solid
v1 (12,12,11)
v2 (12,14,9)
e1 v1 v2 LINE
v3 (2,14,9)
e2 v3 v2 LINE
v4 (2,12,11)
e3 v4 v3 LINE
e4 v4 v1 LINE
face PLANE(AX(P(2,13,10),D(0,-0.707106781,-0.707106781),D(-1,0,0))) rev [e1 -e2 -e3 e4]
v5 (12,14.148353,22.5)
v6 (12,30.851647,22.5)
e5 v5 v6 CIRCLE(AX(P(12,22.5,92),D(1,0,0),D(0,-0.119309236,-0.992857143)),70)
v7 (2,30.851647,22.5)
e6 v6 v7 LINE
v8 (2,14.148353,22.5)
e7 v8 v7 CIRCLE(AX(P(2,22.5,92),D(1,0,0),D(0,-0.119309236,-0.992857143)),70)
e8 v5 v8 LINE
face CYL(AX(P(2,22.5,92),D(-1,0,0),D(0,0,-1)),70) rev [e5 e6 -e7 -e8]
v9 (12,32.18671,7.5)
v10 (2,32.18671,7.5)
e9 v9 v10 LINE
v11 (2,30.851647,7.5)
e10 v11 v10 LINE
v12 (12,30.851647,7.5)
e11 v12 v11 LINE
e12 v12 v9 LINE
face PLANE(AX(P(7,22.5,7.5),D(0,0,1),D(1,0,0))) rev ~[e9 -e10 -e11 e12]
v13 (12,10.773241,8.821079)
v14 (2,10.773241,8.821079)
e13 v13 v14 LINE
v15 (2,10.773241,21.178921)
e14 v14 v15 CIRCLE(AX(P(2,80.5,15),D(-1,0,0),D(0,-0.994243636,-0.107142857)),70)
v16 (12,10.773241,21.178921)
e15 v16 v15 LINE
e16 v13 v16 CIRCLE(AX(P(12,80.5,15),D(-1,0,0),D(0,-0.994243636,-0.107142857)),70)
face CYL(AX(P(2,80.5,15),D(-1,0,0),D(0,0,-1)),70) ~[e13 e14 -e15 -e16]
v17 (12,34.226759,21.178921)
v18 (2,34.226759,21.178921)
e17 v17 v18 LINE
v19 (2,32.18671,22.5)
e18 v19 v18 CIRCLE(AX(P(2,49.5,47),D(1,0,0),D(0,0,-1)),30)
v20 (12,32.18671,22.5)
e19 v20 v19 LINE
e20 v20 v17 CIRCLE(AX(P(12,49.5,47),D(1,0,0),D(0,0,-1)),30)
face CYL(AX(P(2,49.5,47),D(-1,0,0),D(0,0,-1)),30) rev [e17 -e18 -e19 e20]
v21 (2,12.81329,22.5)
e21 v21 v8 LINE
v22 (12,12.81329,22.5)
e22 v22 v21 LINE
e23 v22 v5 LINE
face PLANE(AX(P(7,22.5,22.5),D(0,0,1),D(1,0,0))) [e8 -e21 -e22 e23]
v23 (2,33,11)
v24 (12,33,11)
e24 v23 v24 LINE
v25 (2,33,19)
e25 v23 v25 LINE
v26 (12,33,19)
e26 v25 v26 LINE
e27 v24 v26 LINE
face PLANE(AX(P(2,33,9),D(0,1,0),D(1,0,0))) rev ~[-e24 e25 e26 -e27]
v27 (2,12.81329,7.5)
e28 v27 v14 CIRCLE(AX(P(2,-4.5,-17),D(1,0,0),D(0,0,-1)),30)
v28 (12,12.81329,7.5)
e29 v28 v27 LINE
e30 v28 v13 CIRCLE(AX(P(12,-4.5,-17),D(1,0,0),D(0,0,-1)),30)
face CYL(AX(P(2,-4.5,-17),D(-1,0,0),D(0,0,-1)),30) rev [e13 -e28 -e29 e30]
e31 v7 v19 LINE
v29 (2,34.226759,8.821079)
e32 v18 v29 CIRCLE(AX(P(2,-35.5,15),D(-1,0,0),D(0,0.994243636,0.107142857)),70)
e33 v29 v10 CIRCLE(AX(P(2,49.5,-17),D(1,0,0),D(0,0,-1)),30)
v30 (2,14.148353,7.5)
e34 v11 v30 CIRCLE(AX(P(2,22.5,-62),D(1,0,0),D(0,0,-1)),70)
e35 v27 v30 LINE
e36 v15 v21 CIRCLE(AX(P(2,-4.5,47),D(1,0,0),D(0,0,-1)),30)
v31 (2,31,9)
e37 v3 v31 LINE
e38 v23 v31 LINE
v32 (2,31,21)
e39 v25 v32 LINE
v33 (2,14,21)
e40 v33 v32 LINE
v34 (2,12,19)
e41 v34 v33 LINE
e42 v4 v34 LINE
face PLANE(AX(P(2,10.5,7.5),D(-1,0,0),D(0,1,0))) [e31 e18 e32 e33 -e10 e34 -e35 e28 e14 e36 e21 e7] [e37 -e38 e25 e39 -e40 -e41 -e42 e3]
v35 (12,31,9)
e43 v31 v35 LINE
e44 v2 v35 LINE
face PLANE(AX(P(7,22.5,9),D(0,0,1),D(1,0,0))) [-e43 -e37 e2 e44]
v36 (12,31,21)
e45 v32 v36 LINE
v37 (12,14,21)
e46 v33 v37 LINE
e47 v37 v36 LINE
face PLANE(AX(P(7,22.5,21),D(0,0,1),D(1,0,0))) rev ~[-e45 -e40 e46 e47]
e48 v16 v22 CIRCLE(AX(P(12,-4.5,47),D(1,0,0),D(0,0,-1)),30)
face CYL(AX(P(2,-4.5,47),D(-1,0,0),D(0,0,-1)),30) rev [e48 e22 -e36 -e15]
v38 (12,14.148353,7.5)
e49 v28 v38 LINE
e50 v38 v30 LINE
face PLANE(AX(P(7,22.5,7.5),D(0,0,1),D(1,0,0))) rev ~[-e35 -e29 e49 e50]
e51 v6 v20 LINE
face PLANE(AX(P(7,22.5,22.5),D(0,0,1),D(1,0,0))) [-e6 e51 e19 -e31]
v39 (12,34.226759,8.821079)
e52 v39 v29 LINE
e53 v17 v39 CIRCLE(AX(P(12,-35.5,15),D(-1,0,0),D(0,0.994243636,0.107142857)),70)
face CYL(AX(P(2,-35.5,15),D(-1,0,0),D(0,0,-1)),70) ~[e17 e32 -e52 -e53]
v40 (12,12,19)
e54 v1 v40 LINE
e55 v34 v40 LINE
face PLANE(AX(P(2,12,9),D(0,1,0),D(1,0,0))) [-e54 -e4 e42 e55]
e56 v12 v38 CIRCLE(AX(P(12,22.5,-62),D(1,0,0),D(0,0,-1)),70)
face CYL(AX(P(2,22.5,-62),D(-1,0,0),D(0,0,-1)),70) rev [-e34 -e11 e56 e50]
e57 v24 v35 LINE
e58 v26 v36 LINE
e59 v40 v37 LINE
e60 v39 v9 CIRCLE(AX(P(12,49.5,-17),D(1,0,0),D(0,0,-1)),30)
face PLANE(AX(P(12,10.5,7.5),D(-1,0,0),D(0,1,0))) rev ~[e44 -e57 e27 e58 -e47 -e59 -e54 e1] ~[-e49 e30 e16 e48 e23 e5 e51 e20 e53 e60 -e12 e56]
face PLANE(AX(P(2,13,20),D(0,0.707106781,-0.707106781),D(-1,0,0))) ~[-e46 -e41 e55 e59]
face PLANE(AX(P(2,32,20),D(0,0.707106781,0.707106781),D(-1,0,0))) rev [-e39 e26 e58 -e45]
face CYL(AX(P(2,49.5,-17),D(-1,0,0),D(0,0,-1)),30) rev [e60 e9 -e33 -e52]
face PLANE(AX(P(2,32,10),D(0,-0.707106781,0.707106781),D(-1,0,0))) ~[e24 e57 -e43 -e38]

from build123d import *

# Parameters (mm, degrees)
BOX010_W          = 10
BOX010_H          = 21
BOX010_DEPTH      = 12
CHAMFER_SIZE      = 2
CYLINDER040_R     = 30
CYLINDER040_DEPTH = 10
CYLINDER039_R     = 30
CYLINDER039_DEPTH = 10
CYLINDER038_R     = 30
CYLINDER038_DEPTH = 10
CYLINDER036_R     = 30
CYLINDER036_DEPTH = 10
CYLINDER037_R     = 70
CYLINDER037_DEPTH = 10
CYLINDER035_R     = 70
CYLINDER035_DEPTH = 10
CYLINDER034_R     = 70
CYLINDER034_DEPTH = 10
CYLINDER033_R     = 70
CYLINDER033_DEPTH = 10
BOX009_W          = 10
BOX009_H          = 24
BOX009_DEPTH      = 15


with BuildPart() as chamfer_body:
    # Box010 → Box010 (new body)
    with BuildSketch(Plane(origin=(2, 12, 9), x_dir=(1, 0, 0), z_dir=(0, 0, 1))):
        with Locations((5, 10.5)):
            Rectangle(BOX010_W, BOX010_H)
    extrude(amount=BOX010_DEPTH)

    # Chamfer
    chamfer_edges = [chamfer_body.edges().sort_by_distance(p)[0] for p in [
        (7, 12, 9),
        (7, 12, 21),
        (7, 33, 9),
        (7, 33, 21),
    ]]
    chamfer(chamfer_edges, length=CHAMFER_SIZE)


with BuildPart() as cylinder040:
    # Cylinder040 → Cylinder040 (new body)
    with BuildSketch(Plane(origin=(22, -27, 39.5), x_dir=(0, 0, -1), z_dir=(1, 0, 0))):
        Circle(CYLINDER040_R)
    extrude(amount=CYLINDER040_DEPTH)


with BuildPart() as cylinder039:
    # Cylinder039 → Cylinder039 (new body)
    with BuildSketch(Plane(origin=(22, -27, -24.5), x_dir=(0, 0, -1), z_dir=(1, 0, 0))):
        Circle(CYLINDER039_R)
    extrude(amount=CYLINDER039_DEPTH)


with BuildPart() as cylinder038:
    # Cylinder038 → Cylinder038 (new body)
    with BuildSketch(Plane(origin=(22, 27, -24.5), x_dir=(0, 0, -1), z_dir=(1, 0, 0))):
        Circle(CYLINDER038_R)
    extrude(amount=CYLINDER038_DEPTH)


with BuildPart() as cylinder036:
    # Cylinder036 → Cylinder036 (new body)
    with BuildSketch(Plane(origin=(22, 27, 39.5), x_dir=(0, 0, -1), z_dir=(1, 0, 0))):
        Circle(CYLINDER036_R)
    extrude(amount=CYLINDER036_DEPTH)


with BuildPart() as cylinder037:
    # Cylinder037 → Cylinder037 (new body)
    with BuildSketch(Plane(origin=(22, -58, 7.5), x_dir=(0, 0, -1), z_dir=(1, 0, 0))):
        Circle(CYLINDER037_R)
    extrude(amount=CYLINDER037_DEPTH)


with BuildPart() as cylinder035:
    # Cylinder035 → Cylinder035 (new body)
    with BuildSketch(Plane(origin=(22, 58, 7.5), x_dir=(0, 0, -1), z_dir=(1, 0, 0))):
        Circle(CYLINDER035_R)
    extrude(amount=CYLINDER035_DEPTH)


with BuildPart() as cylinder034:
    # Cylinder034 → Cylinder034 (new body)
    with BuildSketch(Plane(origin=(22, 0, 84.5), x_dir=(0, 0, -1), z_dir=(1, 0, 0))):
        Circle(CYLINDER034_R)
    extrude(amount=CYLINDER034_DEPTH)


with BuildPart() as cylinder033:
    # Cylinder033 → Cylinder033 (new body)
    with BuildSketch(Plane(origin=(22, 0, -69.5), x_dir=(0, 0, -1), z_dir=(1, 0, 0))):
        Circle(CYLINDER033_R)
    extrude(amount=CYLINDER033_DEPTH)


with BuildPart() as cut028:
    # Box009 → Box009 (new body)
    with BuildSketch(Plane(origin=(22, -12, 0), x_dir=(1, 0, 0), z_dir=(0, 0, 1))):
        with Locations((5, 12)):
            Rectangle(BOX009_W, BOX009_H)
    extrude(amount=BOX009_DEPTH)

    # Cut021: cut Cylinder033
    add(cylinder033.part, mode=Mode.SUBTRACT)

    # Cut022: cut Cylinder034
    add(cylinder034.part, mode=Mode.SUBTRACT)

    # Common006: intersect Cylinder035
    add(cylinder035.part, mode=Mode.INTERSECT)

    # Common007: intersect Cylinder037
    add(cylinder037.part, mode=Mode.INTERSECT)

    # Cut023: cut Cylinder036
    add(cylinder036.part, mode=Mode.SUBTRACT)

    # Cut024: cut Cylinder038
    add(cylinder038.part, mode=Mode.SUBTRACT)

    # Cut025: cut Cylinder039
    add(cylinder039.part, mode=Mode.SUBTRACT)

    # Cut026: cut Cylinder040
    add(cylinder040.part, mode=Mode.SUBTRACT)


with BuildPart() as cut028_1:
    # Cut026 placement: moved
    add(cut028.part.moved(Location((-20, 22.5, 7.5))))

    # Cut028: cut Chamfer body
    add(chamfer_body.part, mode=Mode.SUBTRACT)


solid = cut028_1.part
